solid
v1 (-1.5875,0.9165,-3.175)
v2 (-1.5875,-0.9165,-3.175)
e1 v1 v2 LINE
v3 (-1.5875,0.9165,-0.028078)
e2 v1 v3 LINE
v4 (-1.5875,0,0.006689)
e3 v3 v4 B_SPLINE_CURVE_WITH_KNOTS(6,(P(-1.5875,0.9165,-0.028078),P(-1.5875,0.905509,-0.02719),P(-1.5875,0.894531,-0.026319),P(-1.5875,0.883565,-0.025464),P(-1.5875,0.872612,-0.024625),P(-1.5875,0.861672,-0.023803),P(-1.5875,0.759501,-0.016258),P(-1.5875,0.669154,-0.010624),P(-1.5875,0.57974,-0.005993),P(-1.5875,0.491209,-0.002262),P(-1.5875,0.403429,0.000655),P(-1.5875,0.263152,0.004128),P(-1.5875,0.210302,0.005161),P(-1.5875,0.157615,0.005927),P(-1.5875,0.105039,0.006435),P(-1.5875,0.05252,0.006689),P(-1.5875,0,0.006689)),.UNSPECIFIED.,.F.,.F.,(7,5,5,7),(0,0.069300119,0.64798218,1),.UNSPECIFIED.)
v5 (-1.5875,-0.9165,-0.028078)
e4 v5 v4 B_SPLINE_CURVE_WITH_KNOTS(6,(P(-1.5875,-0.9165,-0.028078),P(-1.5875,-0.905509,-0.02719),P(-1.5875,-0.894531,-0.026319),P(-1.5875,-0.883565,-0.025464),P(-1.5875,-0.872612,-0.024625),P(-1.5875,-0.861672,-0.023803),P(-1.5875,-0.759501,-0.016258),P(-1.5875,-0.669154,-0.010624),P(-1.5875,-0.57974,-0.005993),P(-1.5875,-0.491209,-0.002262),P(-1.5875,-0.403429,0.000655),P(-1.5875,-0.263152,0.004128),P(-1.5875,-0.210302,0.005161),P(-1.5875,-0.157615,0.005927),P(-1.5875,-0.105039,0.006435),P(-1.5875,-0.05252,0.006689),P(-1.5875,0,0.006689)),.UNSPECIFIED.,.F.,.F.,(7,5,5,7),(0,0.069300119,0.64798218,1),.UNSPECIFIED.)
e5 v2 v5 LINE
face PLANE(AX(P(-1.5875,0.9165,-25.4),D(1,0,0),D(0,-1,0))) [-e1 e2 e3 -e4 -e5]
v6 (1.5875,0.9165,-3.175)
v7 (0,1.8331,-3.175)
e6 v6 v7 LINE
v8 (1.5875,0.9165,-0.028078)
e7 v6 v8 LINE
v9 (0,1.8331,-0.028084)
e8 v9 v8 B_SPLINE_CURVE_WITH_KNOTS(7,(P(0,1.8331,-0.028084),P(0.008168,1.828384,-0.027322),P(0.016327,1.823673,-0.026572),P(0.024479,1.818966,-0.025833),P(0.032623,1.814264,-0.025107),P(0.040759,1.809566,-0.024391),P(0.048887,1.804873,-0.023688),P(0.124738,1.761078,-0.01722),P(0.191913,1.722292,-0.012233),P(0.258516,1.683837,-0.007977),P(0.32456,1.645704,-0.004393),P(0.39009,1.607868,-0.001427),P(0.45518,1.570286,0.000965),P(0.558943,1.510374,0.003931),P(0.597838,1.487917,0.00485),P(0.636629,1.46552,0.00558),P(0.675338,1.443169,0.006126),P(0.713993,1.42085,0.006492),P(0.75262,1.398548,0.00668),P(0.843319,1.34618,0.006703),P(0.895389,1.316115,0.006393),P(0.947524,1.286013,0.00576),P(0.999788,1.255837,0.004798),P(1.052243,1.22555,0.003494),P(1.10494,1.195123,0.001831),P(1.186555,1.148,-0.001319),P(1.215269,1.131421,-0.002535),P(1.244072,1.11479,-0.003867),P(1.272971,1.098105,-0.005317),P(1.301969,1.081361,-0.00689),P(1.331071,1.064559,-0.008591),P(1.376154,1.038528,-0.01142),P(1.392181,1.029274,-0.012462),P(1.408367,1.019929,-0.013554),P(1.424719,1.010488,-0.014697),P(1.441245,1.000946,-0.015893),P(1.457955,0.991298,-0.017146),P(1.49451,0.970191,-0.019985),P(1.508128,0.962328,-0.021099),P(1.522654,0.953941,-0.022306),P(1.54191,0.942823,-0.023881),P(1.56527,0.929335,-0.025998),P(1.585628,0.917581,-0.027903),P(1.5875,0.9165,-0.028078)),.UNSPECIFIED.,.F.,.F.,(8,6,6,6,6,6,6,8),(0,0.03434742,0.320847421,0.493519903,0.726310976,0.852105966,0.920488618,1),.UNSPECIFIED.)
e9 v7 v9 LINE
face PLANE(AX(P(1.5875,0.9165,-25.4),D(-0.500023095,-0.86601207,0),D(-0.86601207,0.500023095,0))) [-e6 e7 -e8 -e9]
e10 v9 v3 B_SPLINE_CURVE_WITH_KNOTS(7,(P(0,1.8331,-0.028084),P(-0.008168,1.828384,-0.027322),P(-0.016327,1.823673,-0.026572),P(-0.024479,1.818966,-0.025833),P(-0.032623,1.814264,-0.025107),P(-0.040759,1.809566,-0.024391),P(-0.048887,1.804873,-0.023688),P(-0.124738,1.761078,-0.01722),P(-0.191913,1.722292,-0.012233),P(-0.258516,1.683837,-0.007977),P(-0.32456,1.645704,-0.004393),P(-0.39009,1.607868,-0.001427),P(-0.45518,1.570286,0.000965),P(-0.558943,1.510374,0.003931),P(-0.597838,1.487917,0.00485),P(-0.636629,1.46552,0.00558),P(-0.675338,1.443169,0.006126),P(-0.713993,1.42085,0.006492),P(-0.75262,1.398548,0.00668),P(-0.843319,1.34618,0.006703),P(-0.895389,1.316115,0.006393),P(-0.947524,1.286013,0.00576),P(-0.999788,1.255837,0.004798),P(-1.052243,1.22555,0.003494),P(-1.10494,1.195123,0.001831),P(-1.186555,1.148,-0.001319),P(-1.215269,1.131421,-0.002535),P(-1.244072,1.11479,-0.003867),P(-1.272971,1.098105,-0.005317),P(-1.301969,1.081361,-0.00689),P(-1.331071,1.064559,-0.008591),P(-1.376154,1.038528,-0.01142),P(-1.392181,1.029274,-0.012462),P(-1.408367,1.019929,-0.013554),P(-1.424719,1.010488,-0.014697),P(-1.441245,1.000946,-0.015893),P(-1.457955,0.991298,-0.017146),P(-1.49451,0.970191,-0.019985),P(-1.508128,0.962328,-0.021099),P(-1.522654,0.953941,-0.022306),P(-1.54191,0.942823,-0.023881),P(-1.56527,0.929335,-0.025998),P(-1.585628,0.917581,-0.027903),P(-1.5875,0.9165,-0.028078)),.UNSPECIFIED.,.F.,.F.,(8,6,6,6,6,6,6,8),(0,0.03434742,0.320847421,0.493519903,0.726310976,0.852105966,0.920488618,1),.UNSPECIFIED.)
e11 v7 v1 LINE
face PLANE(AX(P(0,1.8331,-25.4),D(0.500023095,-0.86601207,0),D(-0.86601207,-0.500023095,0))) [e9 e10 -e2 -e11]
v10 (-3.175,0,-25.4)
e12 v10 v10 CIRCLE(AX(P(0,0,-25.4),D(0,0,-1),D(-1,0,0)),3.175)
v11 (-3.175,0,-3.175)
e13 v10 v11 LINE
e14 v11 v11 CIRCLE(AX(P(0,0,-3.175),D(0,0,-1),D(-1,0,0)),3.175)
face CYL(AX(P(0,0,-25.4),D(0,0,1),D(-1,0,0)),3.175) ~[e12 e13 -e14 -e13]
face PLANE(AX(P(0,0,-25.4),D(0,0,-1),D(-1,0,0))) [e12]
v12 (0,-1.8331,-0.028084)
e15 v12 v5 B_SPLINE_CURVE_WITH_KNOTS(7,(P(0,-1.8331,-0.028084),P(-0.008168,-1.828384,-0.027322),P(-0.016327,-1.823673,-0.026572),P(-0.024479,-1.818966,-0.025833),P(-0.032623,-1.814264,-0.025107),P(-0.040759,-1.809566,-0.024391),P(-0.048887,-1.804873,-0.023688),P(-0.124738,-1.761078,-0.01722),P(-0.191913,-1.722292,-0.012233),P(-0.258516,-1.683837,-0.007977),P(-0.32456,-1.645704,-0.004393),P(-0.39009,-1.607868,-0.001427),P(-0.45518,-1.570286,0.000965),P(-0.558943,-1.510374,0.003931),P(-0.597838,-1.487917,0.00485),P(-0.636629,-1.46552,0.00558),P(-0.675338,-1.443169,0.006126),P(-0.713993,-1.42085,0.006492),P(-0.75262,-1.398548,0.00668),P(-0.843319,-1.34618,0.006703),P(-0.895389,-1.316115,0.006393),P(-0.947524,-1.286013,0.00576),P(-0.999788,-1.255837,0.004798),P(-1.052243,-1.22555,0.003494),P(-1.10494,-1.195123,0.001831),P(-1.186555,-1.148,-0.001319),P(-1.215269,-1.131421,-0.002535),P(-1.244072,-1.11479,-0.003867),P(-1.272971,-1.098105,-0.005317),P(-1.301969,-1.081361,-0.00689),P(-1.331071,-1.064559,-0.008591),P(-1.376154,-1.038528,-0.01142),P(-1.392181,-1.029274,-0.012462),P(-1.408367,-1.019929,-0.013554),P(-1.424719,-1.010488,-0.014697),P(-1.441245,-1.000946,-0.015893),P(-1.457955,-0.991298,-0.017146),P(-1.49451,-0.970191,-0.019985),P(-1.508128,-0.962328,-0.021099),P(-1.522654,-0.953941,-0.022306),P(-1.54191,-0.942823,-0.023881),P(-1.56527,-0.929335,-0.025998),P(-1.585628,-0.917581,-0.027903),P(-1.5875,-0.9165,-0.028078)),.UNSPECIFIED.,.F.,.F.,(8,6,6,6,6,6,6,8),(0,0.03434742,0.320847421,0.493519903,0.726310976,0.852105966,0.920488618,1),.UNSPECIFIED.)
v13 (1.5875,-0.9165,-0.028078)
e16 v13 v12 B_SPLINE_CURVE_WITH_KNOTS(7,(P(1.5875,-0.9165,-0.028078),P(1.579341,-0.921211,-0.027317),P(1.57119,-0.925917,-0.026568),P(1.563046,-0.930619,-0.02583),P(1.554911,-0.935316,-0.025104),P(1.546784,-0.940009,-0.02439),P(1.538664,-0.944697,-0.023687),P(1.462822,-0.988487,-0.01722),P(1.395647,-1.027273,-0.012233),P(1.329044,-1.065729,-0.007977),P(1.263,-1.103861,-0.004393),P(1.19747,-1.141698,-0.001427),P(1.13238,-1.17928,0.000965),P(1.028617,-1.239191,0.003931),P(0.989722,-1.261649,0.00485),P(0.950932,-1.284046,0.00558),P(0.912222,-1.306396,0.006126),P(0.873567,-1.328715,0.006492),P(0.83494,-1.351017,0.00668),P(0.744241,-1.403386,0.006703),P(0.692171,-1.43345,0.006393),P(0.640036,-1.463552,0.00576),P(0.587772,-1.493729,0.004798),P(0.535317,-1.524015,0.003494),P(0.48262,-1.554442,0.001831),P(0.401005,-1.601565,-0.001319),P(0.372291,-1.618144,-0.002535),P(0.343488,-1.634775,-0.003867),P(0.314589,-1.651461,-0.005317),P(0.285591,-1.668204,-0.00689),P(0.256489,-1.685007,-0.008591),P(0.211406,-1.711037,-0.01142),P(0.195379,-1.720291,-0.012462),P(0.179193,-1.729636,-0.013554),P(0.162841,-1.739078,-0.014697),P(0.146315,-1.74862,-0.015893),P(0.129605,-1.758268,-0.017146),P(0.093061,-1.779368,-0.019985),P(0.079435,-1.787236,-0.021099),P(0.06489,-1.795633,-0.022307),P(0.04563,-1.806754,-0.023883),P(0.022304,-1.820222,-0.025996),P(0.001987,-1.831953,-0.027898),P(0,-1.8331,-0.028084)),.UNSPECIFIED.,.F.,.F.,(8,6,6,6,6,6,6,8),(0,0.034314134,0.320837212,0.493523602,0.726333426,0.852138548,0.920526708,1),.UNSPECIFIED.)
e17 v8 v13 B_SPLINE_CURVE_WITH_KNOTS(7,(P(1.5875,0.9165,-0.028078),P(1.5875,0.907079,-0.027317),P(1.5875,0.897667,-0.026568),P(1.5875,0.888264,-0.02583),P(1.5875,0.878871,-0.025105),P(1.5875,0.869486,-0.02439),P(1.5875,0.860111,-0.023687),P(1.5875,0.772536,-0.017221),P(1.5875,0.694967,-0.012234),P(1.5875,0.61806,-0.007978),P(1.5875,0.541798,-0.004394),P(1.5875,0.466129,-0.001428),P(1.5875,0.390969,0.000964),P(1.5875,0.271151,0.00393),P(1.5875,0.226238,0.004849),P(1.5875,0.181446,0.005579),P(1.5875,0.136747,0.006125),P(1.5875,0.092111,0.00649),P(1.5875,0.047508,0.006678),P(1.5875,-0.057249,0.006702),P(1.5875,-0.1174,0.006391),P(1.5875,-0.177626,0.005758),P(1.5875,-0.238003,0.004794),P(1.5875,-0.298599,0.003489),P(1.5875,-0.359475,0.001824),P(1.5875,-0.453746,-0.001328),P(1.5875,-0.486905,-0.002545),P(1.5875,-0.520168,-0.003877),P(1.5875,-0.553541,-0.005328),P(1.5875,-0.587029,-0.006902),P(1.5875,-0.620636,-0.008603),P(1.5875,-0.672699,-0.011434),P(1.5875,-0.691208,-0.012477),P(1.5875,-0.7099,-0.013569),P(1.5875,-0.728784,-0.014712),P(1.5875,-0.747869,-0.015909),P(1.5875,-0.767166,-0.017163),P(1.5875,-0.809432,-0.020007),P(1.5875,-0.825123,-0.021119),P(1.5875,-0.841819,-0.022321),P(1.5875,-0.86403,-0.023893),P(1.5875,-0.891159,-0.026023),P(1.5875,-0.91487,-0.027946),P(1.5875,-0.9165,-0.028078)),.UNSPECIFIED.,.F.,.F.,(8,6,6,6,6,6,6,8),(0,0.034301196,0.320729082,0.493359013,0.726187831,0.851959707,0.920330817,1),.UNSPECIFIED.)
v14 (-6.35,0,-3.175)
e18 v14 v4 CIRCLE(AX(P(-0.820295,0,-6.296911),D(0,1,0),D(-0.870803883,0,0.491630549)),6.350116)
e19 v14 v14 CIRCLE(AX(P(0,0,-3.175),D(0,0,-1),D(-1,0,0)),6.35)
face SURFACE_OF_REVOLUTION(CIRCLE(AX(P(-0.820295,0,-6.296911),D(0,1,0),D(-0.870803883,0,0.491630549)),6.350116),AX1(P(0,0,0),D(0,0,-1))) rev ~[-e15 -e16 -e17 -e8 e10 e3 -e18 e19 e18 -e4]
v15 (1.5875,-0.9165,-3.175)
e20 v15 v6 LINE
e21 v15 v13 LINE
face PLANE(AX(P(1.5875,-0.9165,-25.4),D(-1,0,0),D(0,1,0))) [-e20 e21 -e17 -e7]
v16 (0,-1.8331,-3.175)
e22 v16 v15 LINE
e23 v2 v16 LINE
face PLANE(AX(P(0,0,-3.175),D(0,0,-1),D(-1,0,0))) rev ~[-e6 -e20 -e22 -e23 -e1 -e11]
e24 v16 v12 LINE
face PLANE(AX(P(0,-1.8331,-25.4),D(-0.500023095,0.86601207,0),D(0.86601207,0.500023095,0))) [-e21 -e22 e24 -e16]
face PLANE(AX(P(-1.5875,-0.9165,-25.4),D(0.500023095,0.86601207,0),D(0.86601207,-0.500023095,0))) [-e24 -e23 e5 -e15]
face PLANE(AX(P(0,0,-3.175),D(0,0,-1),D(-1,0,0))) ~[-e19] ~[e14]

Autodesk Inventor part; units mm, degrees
ref_plane "YZ Plane" through (0, 0, 0) normal (1, 0, 0) x (0, 1, 0)
ref_plane "XZ Plane" through (0, 0, 0) normal (0, 1, 0) x (-1, 0, 0)
ref_plane "XY Plane" through (0, 0, 0) normal (0, 0, 1) x (1, 0, 0)
sketch "Sketch1" plane through (0, 0, 0) normal (0, 1, 0) x (-1, 0, 0)
  line L0 (0, 0) -> (0, -25.4)
  line L1 (0, -25.4) -> (3.175, -25.4)
  line L2 (3.175, -25.4) -> (3.175, -3.175)
  line L3 (3.175, -3.175) -> (6.35, -3.175)
  arc A0 (6.35, -3.175) -> (0, 0) centre (0.8204, -6.2968) ccw
  dimension "d0" = 25.4
  dimension "d1" = 3.175
  dimension "d2" = 22.225
  dimension "d3" = 3.175
  dimension "d4" = 6.35
revolve "Revolution1" add sketch "Sketch1" angle 360 about axis through (0, 0, 0) along (0, 0, -1)
sketch "Sketch2" plane through (0, 0, -25.4) normal (0, 0, -1) x (-1, 0, 0)
  line L0 (-1.5875, 0.9165) -> (0, 1.8331)
  line L1 (0, 1.8331) -> (1.5875, 0.9165)
  line L2 (1.5875, 0.9165) -> (1.5875, -0.9165)
  line L3 (1.5875, -0.9165) -> (0, -1.8331)
  line L4 (0, -1.8331) -> (-1.5875, -0.9165)
  line L5 (-1.5875, -0.9165) -> (-1.5875, 0.9165)
  point P0 (0, 0)
  point P1 (0, 0)
  dimension "d7" = 3.175
extrude "Extrusion1" cut sketch "Sketch2" against normal blind 31.75
sketch "Sketch3" plane through (0, 0, -25.4) normal (0, 0, -1) x (-1, 0, 0)
  line L0 (-1.5875, 0.9165) -> (0, 1.8331) projected
  line L1 (0, 1.8331) -> (1.5875, 0.9165) projected
  line L2 (1.5875, 0.9165) -> (1.5875, -0.9165) projected
  line L3 (1.5875, -0.9165) -> (0, -1.8331) projected
  line L4 (0, -1.8331) -> (-1.5875, -0.9165) projected
  line L5 (-1.5875, -0.9165) -> (-1.5875, 0.9165) projected
  point P0 (0, 0)
extrude "Extrusion2" add sketch "Sketch3" against normal blind 22.225
properties part number "14-20Bolt" material "Steel, Galvanized"
